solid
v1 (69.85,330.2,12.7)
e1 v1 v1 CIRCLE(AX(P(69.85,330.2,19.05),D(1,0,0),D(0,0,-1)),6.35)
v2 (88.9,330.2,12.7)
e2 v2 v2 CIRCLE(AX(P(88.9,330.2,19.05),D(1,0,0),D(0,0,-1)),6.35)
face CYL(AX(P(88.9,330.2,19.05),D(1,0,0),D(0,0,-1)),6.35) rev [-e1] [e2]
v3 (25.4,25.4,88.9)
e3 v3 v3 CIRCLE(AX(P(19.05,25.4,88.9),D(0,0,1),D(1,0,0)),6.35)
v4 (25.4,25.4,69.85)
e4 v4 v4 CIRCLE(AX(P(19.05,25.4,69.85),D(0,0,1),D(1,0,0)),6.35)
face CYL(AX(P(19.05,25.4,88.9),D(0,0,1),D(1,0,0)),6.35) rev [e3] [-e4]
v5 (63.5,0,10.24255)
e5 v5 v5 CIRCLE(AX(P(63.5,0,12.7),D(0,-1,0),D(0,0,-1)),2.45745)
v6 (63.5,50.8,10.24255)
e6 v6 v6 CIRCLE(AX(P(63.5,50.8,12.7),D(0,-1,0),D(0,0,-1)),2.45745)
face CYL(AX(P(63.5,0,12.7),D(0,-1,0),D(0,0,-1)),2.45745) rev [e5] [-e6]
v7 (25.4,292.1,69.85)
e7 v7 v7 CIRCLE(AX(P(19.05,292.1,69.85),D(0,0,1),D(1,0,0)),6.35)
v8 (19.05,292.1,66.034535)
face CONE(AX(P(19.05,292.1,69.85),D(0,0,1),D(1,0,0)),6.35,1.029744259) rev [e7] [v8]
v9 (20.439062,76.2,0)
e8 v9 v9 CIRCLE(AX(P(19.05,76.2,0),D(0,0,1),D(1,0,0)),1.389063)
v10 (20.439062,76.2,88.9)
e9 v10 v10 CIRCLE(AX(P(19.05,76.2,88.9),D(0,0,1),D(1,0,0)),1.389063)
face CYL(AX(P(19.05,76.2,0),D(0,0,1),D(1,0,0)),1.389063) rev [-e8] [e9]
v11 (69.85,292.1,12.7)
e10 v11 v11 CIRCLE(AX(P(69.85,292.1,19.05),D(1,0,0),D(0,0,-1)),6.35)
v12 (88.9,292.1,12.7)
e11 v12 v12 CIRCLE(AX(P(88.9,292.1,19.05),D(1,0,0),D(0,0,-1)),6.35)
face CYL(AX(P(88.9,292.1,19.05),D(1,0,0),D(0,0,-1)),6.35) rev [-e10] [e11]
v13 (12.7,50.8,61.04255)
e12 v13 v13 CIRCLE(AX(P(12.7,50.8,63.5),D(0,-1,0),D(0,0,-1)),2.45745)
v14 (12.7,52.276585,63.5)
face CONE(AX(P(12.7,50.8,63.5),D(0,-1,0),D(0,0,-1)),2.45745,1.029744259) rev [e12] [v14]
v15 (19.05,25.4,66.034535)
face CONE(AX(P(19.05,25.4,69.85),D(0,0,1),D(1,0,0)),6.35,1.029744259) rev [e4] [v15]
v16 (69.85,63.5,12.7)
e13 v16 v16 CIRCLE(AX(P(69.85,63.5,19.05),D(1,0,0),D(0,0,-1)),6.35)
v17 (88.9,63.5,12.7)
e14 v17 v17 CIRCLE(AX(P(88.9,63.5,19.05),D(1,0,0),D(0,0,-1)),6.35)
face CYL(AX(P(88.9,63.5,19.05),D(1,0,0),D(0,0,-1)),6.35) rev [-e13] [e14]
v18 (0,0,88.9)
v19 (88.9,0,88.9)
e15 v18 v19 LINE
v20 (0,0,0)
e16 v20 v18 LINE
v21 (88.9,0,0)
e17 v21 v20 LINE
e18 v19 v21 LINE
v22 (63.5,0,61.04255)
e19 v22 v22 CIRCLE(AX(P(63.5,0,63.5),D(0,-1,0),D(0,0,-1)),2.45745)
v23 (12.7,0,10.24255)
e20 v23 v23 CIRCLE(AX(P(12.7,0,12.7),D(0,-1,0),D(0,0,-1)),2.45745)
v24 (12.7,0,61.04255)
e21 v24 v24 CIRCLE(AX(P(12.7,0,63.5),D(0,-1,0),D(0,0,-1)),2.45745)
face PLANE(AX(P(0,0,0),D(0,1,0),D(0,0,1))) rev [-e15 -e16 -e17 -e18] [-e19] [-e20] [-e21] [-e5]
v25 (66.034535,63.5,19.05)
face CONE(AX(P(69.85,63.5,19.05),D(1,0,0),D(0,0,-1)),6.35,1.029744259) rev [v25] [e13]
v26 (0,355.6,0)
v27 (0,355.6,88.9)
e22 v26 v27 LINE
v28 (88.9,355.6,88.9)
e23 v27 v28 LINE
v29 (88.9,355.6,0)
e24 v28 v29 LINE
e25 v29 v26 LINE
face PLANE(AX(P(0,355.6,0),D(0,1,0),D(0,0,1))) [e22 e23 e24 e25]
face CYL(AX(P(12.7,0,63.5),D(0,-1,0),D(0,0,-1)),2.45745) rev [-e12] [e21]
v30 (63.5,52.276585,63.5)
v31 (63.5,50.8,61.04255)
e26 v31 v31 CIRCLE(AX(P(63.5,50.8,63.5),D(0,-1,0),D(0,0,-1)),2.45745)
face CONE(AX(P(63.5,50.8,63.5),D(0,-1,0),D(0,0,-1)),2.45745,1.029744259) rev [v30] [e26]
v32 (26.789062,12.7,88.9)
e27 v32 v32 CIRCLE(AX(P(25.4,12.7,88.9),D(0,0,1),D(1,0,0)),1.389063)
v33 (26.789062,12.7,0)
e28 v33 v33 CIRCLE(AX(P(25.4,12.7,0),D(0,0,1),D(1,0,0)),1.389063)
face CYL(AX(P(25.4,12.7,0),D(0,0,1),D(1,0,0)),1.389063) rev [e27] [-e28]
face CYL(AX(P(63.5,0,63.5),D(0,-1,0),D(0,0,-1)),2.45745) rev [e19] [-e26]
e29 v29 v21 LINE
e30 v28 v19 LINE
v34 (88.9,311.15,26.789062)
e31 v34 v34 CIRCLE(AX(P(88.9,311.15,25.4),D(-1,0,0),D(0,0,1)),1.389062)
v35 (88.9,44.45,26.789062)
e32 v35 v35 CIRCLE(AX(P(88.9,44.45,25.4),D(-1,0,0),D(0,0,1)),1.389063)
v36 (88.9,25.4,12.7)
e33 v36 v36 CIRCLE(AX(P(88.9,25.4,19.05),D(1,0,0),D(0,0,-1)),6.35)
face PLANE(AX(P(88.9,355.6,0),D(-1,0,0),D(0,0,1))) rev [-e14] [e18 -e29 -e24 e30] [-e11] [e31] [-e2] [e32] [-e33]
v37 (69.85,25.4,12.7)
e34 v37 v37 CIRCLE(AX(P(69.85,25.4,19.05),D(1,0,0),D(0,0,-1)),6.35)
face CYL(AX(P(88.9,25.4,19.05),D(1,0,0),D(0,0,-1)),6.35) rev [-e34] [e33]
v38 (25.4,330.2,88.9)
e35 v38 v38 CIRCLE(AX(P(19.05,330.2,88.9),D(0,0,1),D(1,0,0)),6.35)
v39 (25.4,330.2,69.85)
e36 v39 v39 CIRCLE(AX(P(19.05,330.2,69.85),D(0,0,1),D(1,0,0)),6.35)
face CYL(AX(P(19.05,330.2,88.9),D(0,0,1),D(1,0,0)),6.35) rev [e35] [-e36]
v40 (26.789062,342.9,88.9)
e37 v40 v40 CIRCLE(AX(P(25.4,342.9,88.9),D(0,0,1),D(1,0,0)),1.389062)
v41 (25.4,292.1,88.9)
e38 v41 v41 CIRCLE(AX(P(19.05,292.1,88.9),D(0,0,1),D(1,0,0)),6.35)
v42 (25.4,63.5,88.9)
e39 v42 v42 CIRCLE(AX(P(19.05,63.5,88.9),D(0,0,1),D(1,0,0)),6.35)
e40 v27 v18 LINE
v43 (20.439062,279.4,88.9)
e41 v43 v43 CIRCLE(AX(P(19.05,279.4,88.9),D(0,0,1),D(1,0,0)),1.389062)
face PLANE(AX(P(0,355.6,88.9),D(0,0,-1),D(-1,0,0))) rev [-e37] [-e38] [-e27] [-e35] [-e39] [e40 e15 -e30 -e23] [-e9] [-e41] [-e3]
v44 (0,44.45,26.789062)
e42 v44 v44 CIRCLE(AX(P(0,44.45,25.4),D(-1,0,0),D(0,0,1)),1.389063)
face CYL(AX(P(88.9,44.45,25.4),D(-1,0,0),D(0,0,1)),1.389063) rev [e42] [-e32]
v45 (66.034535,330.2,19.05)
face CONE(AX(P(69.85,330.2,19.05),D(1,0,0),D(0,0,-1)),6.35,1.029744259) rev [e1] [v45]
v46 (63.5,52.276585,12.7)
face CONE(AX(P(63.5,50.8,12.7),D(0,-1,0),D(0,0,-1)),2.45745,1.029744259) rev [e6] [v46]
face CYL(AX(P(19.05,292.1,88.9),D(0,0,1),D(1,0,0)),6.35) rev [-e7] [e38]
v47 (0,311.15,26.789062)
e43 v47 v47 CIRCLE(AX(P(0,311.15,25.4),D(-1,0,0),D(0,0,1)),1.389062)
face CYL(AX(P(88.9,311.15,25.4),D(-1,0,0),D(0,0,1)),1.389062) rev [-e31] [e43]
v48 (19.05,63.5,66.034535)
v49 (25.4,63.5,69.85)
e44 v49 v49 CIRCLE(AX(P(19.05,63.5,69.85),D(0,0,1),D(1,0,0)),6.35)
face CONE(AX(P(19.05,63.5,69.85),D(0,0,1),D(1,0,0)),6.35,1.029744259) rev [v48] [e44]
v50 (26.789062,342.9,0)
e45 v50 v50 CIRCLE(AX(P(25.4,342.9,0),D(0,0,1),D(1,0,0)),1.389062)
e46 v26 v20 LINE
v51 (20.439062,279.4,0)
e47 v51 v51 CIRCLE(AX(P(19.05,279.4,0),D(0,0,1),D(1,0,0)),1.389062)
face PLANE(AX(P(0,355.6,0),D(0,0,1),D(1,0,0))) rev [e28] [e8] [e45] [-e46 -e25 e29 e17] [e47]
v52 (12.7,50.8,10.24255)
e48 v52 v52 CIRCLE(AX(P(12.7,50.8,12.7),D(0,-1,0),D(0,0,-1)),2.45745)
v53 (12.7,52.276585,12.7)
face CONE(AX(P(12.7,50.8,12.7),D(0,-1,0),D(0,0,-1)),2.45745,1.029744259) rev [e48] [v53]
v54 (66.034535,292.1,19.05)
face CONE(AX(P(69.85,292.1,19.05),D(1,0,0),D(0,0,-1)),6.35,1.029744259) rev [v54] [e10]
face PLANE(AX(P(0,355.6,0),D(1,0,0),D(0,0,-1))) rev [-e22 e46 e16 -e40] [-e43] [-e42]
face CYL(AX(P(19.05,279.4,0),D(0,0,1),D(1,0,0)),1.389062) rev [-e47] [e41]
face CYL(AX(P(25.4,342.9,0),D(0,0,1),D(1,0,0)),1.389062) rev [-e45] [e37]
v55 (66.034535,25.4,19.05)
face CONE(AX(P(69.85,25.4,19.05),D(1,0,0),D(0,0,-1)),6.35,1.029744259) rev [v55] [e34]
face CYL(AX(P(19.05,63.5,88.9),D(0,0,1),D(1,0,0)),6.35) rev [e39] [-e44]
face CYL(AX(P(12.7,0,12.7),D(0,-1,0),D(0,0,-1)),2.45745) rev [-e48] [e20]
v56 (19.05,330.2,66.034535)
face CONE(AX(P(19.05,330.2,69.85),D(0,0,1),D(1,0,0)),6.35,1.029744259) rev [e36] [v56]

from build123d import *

# Parameters (mm, degrees)
SKETCH1_W                                = 88.9
SKETCH1_H                                = 88.9
BOSS_EXTRUDE1_DEPTH                      = 355.6
SKETCH2_R                                = 1.3890625
CUT_EXTRUDE1_DEPTH                       = 1
CUT_EXTRUDE1_DEPTH_BACK                  = 89.9
SKETCH3_R                                = 1.3890625
CUT_EXTRUDE2_DEPTH                       = 1
CUT_EXTRUDE2_DEPTH_BACK                  = 89.9
F_1_2_0_5_DIAMETER_HOLE1_D               = 12.7
F_1_2_0_5_DIAMETER_HOLE1_DEPTH           = 19.05
F_1_2_0_5_DIAMETER_HOLE1_TIP             = 3.815464931
F_1_2_0_5_DIAMETER_HOLE1_ON_FACE_2_D     = 12.7
F_1_2_0_5_DIAMETER_HOLE1_ON_FACE_2_DEPTH = 19.05
F_1_2_0_5_DIAMETER_HOLE1_ON_FACE_2_TIP   = 3.815464931
F_10_0_1935_DIAMETER_HOLE1_D             = 4.9149
F_10_0_1935_DIAMETER_HOLE1_DEPTH         = 50.8
F_10_0_1935_DIAMETER_HOLE1_TIP           = 1.476584928


with BuildPart() as part:
    # Sketch1 → Boss-Extrude1 (new body)
    with BuildSketch(Plane(origin=(0, 0, 0), x_dir=(1, 0, 0), z_dir=(0, 1, 0))):
        with Locations((44.45, -44.45)):
            Rectangle(SKETCH1_W, SKETCH1_H)
    extrude(amount=BOSS_EXTRUDE1_DEPTH)

    # Sketch2 → Cut-Extrude1 (cut, two sides)
    with BuildSketch(Plane.XY.offset(88.9)) as cut_extrude1_sk:
        with Locations((19.05, 76.2)):
            Circle(SKETCH2_R)
        with Locations((19.05, 279.4)):
            Circle(SKETCH2_R)
        with Locations((25.4, 342.9)):
            Circle(SKETCH2_R)
        with Locations((25.4, 12.7)):
            Circle(SKETCH2_R)
    extrude(amount=CUT_EXTRUDE1_DEPTH, mode=Mode.SUBTRACT)
    extrude(cut_extrude1_sk.sketch, amount=-CUT_EXTRUDE1_DEPTH_BACK, mode=Mode.SUBTRACT)

    # Sketch3 → Cut-Extrude2 (cut, two sides)
    with BuildSketch(Plane.ZY) as cut_extrude2_sk:
        with Locations((25.4, 311.15)):
            Circle(SKETCH3_R)
        with Locations((25.4, 44.45)):
            Circle(SKETCH3_R)
    extrude(amount=CUT_EXTRUDE2_DEPTH, mode=Mode.SUBTRACT)
    extrude(cut_extrude2_sk.sketch, amount=-CUT_EXTRUDE2_DEPTH_BACK, mode=Mode.SUBTRACT)

    # 1/2 (0.5) Diameter Hole1
    with Locations(Plane(origin=(19.05, 292.1, 88.9), x_dir=(1, 0, 0), z_dir=(0, 0, 1))):
        with Locations((0, 0), (0, 38.1), (0, -266.7), (0, -228.6)):
            Hole(F_1_2_0_5_DIAMETER_HOLE1_D / 2, depth=F_1_2_0_5_DIAMETER_HOLE1_DEPTH)
            with Locations((0, 0, -(F_1_2_0_5_DIAMETER_HOLE1_DEPTH + F_1_2_0_5_DIAMETER_HOLE1_TIP / 2))):  # 118° drill point
                Cone(0, F_1_2_0_5_DIAMETER_HOLE1_D / 2, F_1_2_0_5_DIAMETER_HOLE1_TIP, mode=Mode.SUBTRACT)

    # 1/2 (0.5) Diameter Hole1 on face 2
    with Locations(Plane(origin=(88.9, 63.5, 19.05), x_dir=(0, 0, 1), z_dir=(1, 0, 0))):
        with Locations((0, 0), (0, 38.1), (0, -266.7), (0, -228.6)):
            Hole(F_1_2_0_5_DIAMETER_HOLE1_ON_FACE_2_D / 2, depth=F_1_2_0_5_DIAMETER_HOLE1_ON_FACE_2_DEPTH)
            with Locations((0, 0, -(F_1_2_0_5_DIAMETER_HOLE1_ON_FACE_2_DEPTH + F_1_2_0_5_DIAMETER_HOLE1_ON_FACE_2_TIP / 2))):  # 118° drill point
                Cone(0, F_1_2_0_5_DIAMETER_HOLE1_ON_FACE_2_D / 2, F_1_2_0_5_DIAMETER_HOLE1_ON_FACE_2_TIP, mode=Mode.SUBTRACT)

    # #10 (0.1935) Diameter Hole1
    with Locations(Plane(origin=(12.7, 0, 63.5), x_dir=(0, 0, -1), z_dir=(0, -1, 0))):
        with Locations((0, 0), (0, 50.8), (50.8, 50.8), (50.8, 0)):
            Hole(F_10_0_1935_DIAMETER_HOLE1_D / 2, depth=F_10_0_1935_DIAMETER_HOLE1_DEPTH)
            with Locations((0, 0, -(F_10_0_1935_DIAMETER_HOLE1_DEPTH + F_10_0_1935_DIAMETER_HOLE1_TIP / 2))):  # 118° drill point
                Cone(0, F_10_0_1935_DIAMETER_HOLE1_D / 2, F_10_0_1935_DIAMETER_HOLE1_TIP, mode=Mode.SUBTRACT)


solid = part.part
